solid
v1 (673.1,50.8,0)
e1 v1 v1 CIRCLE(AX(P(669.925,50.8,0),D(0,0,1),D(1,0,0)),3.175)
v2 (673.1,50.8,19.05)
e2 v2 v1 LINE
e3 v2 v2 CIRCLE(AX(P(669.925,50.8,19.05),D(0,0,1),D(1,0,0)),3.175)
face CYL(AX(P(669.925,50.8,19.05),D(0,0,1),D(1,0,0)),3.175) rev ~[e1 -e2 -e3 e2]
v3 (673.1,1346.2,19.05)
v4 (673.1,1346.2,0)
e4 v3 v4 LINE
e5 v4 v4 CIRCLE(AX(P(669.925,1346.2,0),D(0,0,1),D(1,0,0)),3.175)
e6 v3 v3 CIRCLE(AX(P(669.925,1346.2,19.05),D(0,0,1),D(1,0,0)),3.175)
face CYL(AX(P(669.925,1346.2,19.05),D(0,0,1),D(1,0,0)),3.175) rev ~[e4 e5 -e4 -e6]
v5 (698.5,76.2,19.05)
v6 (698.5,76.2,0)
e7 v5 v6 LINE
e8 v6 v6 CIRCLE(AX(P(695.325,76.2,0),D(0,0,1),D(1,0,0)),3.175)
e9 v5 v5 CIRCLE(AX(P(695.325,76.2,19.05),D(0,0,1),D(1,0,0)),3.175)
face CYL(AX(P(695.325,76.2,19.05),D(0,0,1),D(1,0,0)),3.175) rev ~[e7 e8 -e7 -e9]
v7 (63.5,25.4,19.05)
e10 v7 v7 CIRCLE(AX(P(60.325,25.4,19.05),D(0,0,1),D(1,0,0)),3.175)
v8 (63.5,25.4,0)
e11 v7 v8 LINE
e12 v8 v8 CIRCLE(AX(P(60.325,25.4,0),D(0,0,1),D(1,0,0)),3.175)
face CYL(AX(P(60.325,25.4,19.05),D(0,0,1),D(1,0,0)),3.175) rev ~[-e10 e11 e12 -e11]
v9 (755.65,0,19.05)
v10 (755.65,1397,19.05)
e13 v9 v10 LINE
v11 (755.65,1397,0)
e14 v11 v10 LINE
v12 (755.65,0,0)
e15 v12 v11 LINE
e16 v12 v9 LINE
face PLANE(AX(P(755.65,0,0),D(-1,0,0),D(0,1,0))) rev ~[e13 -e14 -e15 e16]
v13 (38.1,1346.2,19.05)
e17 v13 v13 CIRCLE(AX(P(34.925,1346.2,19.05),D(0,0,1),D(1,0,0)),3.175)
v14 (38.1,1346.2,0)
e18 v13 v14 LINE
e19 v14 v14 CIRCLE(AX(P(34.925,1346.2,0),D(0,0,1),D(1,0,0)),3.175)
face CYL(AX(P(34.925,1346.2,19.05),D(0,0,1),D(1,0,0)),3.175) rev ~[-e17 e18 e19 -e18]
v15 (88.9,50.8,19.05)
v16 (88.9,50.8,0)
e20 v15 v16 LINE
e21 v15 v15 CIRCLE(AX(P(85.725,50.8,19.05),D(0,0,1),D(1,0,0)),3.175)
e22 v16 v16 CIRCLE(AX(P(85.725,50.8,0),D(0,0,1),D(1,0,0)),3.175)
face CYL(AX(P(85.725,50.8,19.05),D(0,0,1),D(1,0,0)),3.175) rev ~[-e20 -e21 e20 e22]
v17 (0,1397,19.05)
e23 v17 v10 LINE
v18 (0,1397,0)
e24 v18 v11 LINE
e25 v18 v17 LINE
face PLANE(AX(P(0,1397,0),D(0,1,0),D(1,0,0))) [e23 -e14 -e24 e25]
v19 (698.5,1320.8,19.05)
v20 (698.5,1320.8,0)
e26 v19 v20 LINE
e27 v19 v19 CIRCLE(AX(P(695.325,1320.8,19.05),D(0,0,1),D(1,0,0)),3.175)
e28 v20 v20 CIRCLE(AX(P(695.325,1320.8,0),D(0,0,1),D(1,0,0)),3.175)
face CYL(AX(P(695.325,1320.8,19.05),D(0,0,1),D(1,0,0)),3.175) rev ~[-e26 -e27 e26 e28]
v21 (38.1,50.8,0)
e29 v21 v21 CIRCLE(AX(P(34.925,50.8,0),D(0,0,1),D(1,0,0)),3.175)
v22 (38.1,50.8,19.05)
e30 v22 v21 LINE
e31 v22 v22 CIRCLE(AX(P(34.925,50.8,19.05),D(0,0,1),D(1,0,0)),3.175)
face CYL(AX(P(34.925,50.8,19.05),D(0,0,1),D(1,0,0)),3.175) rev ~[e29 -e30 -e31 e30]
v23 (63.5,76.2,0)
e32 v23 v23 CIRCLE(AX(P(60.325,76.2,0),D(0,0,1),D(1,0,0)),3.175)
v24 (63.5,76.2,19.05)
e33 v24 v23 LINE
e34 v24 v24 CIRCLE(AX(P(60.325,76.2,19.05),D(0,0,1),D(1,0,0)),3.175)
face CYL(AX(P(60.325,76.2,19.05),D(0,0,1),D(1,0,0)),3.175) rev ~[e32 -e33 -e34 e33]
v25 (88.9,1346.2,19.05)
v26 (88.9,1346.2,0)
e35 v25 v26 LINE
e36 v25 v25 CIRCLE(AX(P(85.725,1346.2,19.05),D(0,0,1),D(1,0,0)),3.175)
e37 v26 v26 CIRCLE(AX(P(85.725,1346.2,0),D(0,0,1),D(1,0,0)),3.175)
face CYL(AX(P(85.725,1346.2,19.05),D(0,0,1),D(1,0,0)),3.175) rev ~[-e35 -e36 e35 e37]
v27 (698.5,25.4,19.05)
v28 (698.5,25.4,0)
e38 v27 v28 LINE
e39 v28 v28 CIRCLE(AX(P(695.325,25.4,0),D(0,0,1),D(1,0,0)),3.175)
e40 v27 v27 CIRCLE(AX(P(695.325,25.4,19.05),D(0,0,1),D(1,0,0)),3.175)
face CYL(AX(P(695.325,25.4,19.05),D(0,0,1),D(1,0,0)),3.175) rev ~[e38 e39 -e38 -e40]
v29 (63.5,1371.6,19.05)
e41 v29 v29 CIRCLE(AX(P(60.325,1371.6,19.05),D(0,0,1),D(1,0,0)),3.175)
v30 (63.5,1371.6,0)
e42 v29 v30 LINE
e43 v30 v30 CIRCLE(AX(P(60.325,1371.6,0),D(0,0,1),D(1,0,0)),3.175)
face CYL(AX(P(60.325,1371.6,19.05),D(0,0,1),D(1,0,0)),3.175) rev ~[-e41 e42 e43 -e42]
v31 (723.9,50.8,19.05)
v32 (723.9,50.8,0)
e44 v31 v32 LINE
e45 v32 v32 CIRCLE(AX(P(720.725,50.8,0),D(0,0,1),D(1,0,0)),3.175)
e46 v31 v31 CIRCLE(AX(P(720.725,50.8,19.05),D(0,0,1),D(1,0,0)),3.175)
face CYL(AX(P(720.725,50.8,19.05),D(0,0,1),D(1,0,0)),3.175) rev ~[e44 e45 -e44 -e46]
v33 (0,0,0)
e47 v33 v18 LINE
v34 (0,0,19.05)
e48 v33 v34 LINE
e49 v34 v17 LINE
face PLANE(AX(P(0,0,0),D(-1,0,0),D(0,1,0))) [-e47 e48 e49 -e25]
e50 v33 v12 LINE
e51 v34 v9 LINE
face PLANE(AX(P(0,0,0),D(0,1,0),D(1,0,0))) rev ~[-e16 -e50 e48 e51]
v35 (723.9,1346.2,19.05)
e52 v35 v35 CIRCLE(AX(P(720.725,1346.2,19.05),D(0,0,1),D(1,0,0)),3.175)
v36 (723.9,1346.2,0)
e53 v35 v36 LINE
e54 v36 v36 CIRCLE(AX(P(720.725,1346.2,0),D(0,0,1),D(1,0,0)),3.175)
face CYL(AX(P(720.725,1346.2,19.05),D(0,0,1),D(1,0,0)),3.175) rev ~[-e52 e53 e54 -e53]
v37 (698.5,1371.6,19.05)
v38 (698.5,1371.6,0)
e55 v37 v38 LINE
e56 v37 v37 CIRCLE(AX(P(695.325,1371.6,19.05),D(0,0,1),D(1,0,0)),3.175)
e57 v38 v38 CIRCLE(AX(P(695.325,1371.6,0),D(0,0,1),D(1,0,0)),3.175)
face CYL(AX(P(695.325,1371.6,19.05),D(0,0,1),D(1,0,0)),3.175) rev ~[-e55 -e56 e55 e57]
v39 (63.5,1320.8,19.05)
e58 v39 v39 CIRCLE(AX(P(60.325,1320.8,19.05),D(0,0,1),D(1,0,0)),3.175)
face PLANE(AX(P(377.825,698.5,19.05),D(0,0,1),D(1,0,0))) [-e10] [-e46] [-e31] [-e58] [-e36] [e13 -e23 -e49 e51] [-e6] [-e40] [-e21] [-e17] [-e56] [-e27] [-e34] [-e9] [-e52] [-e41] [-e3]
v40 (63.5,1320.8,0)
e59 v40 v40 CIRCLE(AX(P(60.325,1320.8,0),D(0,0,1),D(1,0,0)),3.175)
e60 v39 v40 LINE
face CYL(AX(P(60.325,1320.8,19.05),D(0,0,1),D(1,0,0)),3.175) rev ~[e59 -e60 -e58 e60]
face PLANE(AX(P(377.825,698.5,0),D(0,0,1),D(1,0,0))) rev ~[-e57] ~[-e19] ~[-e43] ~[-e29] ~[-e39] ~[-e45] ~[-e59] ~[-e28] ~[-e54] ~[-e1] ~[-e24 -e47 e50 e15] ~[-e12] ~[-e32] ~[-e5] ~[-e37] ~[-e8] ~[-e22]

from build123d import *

# Parameters (mm, degrees)
SKETCH1_W           = 755.65
SKETCH1_H           = 1397
BOSS_EXTRUDE1_DEPTH = 19.05
SKETCH2_R           = 3.175
CUT_EXTRUDE1_DEPTH  = 25.4


with BuildPart() as part:
    # Sketch1 → Boss-Extrude1 (new body)
    with BuildSketch(Plane.XY):
        with Locations((377.825, 698.5)):
            Rectangle(SKETCH1_W, SKETCH1_H)
    extrude(amount=BOSS_EXTRUDE1_DEPTH)

    # Sketch2 → Cut-Extrude1 (cut)
    with BuildSketch(Plane.XY.offset(19.05)):
        with Locations((60.325, 76.2)):
            Circle(SKETCH2_R)
        with Locations((60.325, 25.4)):
            Circle(SKETCH2_R)
        with Locations((34.925, 50.8)):
            Circle(SKETCH2_R)
        with Locations((85.725, 50.8)):
            Circle(SKETCH2_R)
        with Locations((669.925, 50.8)):
            Circle(SKETCH2_R)
        with Locations((720.725, 50.8)):
            Circle(SKETCH2_R)
        with Locations((695.325, 25.4)):
            Circle(SKETCH2_R)
        with Locations((695.325, 76.2)):
            Circle(SKETCH2_R)
        with Locations((695.325, 1320.8)):
            Circle(SKETCH2_R)
        with Locations((695.325, 1371.6)):
            Circle(SKETCH2_R)
        with Locations((720.725, 1346.2)):
            Circle(SKETCH2_R)
        with Locations((669.925, 1346.2)):
            Circle(SKETCH2_R)
        with Locations((85.725, 1346.2)):
            Circle(SKETCH2_R)
        with Locations((34.925, 1346.2)):
            Circle(SKETCH2_R)
        with Locations((60.325, 1371.6)):
            Circle(SKETCH2_R)
        with Locations((60.325, 1320.8)):
            Circle(SKETCH2_R)
    extrude(amount=-CUT_EXTRUDE1_DEPTH, mode=Mode.SUBTRACT)


solid = part.part
